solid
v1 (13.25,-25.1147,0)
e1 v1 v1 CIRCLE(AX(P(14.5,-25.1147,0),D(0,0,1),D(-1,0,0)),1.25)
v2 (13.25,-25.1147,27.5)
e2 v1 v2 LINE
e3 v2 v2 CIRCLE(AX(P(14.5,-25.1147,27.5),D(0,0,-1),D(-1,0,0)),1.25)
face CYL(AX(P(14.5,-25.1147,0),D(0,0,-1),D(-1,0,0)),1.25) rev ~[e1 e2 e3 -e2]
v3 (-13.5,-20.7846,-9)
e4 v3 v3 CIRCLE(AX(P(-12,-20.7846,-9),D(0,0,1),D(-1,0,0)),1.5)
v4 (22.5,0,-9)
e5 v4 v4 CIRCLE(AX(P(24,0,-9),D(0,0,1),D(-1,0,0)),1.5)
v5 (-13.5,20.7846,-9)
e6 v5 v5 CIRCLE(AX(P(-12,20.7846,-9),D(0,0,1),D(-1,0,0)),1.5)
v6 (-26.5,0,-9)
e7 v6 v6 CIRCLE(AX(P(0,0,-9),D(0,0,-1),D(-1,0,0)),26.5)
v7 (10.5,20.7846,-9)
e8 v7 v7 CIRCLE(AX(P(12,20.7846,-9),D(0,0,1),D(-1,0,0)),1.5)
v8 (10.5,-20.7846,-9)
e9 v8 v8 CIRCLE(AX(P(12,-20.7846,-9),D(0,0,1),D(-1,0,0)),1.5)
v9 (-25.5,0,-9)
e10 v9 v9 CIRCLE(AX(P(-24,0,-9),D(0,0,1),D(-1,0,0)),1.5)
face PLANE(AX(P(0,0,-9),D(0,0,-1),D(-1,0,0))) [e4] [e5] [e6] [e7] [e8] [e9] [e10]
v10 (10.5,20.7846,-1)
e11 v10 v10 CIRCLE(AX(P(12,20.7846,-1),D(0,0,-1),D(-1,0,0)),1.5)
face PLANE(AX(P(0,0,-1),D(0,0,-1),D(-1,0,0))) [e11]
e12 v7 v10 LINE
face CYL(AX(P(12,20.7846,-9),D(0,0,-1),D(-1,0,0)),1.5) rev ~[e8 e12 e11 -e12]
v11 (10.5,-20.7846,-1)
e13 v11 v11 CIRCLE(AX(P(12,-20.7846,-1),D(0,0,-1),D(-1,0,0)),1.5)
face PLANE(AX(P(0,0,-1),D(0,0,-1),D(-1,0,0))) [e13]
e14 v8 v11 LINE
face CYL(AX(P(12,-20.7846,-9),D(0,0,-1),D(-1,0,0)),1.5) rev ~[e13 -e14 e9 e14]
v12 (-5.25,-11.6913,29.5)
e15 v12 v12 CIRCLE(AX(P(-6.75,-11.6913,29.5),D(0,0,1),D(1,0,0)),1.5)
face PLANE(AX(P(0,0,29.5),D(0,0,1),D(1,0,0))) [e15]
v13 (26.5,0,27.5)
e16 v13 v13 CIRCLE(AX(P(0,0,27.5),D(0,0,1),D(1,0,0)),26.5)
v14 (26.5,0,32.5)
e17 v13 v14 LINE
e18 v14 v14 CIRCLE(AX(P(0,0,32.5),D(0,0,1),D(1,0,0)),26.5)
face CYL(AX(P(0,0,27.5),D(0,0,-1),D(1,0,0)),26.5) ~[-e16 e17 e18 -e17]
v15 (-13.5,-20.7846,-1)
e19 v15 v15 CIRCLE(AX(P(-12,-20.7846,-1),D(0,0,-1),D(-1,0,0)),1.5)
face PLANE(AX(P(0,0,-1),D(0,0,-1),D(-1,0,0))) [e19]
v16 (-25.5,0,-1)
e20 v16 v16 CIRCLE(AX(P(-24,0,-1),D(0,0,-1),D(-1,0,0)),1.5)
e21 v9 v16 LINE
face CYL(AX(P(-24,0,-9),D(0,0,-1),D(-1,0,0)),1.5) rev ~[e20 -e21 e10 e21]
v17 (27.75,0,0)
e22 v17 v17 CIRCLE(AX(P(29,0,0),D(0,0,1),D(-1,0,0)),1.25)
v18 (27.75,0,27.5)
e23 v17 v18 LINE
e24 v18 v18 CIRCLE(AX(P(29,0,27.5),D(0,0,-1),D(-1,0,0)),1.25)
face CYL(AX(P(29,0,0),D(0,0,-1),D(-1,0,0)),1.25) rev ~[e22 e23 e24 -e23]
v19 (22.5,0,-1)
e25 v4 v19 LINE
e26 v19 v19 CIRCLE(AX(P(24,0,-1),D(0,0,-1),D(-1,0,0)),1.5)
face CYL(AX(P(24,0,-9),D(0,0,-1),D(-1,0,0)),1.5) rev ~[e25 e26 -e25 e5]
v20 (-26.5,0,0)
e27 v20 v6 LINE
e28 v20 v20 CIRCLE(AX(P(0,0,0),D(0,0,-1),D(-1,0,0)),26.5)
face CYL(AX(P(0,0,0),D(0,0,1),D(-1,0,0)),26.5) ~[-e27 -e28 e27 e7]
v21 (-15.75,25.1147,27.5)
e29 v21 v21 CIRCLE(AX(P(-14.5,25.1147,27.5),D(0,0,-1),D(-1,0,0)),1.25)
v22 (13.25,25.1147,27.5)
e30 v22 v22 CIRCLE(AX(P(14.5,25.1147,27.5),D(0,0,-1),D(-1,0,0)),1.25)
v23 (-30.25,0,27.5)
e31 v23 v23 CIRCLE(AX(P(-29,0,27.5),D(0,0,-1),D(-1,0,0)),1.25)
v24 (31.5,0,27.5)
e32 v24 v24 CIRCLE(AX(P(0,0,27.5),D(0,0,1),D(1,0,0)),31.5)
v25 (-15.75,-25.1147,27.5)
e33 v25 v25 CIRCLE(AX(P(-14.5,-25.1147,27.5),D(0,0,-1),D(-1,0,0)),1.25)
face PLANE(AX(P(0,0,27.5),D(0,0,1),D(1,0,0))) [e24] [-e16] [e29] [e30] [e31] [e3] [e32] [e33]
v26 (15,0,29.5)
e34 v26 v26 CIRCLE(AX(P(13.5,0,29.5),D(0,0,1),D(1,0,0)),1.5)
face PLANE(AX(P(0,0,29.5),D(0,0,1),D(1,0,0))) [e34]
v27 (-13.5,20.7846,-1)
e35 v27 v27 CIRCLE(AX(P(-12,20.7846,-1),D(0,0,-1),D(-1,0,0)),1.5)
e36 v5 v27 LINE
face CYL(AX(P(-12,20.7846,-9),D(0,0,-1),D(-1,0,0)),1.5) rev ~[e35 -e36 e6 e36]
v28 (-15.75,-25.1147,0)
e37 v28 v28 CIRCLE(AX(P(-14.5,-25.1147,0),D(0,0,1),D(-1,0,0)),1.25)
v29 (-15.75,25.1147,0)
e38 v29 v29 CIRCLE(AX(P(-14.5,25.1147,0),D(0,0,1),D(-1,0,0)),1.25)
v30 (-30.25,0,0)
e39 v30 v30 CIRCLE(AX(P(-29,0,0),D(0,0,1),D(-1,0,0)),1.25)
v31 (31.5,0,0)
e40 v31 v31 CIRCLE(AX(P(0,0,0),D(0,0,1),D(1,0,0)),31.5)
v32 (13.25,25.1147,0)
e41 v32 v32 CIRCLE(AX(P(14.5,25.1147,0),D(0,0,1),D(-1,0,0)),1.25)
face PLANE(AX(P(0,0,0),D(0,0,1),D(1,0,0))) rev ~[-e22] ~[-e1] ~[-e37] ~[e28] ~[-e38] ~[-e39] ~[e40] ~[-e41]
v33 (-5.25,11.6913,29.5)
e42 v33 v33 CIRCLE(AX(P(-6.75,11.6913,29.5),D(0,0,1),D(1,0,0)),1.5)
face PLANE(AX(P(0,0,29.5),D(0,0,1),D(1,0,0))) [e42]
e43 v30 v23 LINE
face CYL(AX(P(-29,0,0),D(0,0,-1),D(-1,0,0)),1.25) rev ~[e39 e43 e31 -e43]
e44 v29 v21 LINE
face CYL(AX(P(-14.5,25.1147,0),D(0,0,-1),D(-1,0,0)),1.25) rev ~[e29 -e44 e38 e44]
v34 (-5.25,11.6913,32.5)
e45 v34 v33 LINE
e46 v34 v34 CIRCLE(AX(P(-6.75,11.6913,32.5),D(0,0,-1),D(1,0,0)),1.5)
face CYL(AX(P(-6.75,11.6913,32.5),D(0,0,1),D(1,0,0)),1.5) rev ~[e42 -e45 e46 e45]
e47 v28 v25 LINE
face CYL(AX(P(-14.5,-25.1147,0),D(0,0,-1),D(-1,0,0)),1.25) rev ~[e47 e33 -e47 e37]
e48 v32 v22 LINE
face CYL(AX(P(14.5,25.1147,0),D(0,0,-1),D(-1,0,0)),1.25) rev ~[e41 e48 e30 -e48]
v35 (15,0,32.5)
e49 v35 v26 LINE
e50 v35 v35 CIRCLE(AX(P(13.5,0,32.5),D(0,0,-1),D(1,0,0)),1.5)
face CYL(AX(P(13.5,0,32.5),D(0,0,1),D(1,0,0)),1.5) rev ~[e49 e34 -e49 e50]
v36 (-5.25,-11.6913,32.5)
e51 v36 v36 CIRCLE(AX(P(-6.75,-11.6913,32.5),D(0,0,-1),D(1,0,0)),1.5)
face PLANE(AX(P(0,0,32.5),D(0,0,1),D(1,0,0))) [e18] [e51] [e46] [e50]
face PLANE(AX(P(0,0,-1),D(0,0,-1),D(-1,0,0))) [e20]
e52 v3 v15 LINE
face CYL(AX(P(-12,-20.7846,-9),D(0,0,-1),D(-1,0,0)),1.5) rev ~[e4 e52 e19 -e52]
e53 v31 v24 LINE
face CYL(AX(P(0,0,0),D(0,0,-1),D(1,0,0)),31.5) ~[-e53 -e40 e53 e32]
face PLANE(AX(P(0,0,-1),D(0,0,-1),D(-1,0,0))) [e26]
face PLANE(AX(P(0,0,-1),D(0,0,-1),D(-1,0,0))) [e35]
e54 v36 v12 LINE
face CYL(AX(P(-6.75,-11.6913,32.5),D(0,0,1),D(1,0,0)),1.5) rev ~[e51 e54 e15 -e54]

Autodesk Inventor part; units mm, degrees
ref_plane "YZ Plane" through (0, 0, 0) normal (1, 0, 0) x (0, 1, 0)
ref_plane "XZ Plane" through (0, 0, 0) normal (0, 1, 0) x (-1, 0, 0)
ref_plane "XY Plane" through (0, 0, 0) normal (0, 0, 1) x (1, 0, 0)
sketch "스케치1" plane through (0, 0, 0) normal (0, 0, 1) x (1, 0, 0)
  circle A0 centre (0, 0) radius 31.5
  dimension "d0" = 63
extrude "돌출1" add sketch "스케치1" along normal blind 27.5
sketch "스케치2" plane through (0, 0, 27.5) normal (0, 0, 1) x (1, 0, 0)
  circle A0 centre (0, 0) radius 26.5
  dimension "d3" = 53
extrude "돌출2" add sketch "스케치2" along normal blind 5
sketch "스케치3" plane through (0, 0, 0) normal (0, 0, -1) x (-1, 0, 0)
  circle A0 centre (0, 0) radius 26.5 projected
  circle A1 centre (0, 0) radius 26.5
  dimension "d6" = 53
extrude "돌출3" add sketch "스케치3" along normal blind 9
sketch "스케치5" plane through (0, 0, 32.5) normal (0, 0, 1) x (1, 0, 0)
  circle A0 centre (0, 0) radius 13.5
  circle A1 centre (-6.75, 11.6913) radius 1.5
  circle A2 centre (-6.75, -11.6913) radius 1.5
  circle A3 centre (13.5, 0) radius 1.5
  dimension "d19" = 360
  dimension "d39" = 360
  dimension "d13" = 27
  dimension "d43" = 360
extrude "돌출5" cut sketch "스케치5" against normal blind 3 contours A0 A3 | A0 A3 | A1 A0 | A0 A1 | A2 A0 | A0 A2
sketch "스케치6" plane through (0, 0, -9) normal (0, 0, -1) x (-1, 0, 0)
  circle A0 centre (0, 0) radius 24
  circle A1 centre (24, 0) radius 1.5
  circle A2 centre (12, 20.7846) radius 1.5
  circle A3 centre (-12, 20.7846) radius 1.5
  circle A4 centre (-24, 0) radius 1.5
  circle A5 centre (-12, -20.7846) radius 1.5
  circle A6 centre (12, -20.7846) radius 1.5
  dimension "d21" = 48
  dimension "d22" = 3
  dimension "d25" = 360
extrude "돌출6" cut sketch "스케치6" against normal blind 8 contours A0 A1 | A0 A1 | A2 A0 | A0 A2 | A6 A0 | A0 A6 | A3 A0 | A0 A3 | A5 A0 | A0 A5 | A4 A0 | A0 A4
sketch "스케치7" plane through (0, 0, 0) normal (0, 0, -1) x (-1, 0, 0)
  circle A0 centre (0, 0) radius 29
  circle A1 centre (-29, 0) radius 1.25
  circle A2 centre (-14.5, -25.1147) radius 1.25
  circle A3 centre (14.5, -25.1147) radius 1.25
  circle A4 centre (29, 0) radius 1.25
  circle A5 centre (14.5, 25.1147) radius 1.25
  circle A6 centre (-14.5, 25.1147) radius 1.25
  dimension "d29" = 58
  dimension "d30" = 2.5
  dimension "d33" = 360
extrude "돌출7" cut sketch "스케치7" against normal blind 53.25 contours A0 A4 | A0 A4 | A5 A0 | A0 A5 | A3 A0 | A0 A3 | A6 A0 | A0 A6 | A2 A0 | A0 A2 | A1 A0 | A0 A1
properties part number "부품1"
